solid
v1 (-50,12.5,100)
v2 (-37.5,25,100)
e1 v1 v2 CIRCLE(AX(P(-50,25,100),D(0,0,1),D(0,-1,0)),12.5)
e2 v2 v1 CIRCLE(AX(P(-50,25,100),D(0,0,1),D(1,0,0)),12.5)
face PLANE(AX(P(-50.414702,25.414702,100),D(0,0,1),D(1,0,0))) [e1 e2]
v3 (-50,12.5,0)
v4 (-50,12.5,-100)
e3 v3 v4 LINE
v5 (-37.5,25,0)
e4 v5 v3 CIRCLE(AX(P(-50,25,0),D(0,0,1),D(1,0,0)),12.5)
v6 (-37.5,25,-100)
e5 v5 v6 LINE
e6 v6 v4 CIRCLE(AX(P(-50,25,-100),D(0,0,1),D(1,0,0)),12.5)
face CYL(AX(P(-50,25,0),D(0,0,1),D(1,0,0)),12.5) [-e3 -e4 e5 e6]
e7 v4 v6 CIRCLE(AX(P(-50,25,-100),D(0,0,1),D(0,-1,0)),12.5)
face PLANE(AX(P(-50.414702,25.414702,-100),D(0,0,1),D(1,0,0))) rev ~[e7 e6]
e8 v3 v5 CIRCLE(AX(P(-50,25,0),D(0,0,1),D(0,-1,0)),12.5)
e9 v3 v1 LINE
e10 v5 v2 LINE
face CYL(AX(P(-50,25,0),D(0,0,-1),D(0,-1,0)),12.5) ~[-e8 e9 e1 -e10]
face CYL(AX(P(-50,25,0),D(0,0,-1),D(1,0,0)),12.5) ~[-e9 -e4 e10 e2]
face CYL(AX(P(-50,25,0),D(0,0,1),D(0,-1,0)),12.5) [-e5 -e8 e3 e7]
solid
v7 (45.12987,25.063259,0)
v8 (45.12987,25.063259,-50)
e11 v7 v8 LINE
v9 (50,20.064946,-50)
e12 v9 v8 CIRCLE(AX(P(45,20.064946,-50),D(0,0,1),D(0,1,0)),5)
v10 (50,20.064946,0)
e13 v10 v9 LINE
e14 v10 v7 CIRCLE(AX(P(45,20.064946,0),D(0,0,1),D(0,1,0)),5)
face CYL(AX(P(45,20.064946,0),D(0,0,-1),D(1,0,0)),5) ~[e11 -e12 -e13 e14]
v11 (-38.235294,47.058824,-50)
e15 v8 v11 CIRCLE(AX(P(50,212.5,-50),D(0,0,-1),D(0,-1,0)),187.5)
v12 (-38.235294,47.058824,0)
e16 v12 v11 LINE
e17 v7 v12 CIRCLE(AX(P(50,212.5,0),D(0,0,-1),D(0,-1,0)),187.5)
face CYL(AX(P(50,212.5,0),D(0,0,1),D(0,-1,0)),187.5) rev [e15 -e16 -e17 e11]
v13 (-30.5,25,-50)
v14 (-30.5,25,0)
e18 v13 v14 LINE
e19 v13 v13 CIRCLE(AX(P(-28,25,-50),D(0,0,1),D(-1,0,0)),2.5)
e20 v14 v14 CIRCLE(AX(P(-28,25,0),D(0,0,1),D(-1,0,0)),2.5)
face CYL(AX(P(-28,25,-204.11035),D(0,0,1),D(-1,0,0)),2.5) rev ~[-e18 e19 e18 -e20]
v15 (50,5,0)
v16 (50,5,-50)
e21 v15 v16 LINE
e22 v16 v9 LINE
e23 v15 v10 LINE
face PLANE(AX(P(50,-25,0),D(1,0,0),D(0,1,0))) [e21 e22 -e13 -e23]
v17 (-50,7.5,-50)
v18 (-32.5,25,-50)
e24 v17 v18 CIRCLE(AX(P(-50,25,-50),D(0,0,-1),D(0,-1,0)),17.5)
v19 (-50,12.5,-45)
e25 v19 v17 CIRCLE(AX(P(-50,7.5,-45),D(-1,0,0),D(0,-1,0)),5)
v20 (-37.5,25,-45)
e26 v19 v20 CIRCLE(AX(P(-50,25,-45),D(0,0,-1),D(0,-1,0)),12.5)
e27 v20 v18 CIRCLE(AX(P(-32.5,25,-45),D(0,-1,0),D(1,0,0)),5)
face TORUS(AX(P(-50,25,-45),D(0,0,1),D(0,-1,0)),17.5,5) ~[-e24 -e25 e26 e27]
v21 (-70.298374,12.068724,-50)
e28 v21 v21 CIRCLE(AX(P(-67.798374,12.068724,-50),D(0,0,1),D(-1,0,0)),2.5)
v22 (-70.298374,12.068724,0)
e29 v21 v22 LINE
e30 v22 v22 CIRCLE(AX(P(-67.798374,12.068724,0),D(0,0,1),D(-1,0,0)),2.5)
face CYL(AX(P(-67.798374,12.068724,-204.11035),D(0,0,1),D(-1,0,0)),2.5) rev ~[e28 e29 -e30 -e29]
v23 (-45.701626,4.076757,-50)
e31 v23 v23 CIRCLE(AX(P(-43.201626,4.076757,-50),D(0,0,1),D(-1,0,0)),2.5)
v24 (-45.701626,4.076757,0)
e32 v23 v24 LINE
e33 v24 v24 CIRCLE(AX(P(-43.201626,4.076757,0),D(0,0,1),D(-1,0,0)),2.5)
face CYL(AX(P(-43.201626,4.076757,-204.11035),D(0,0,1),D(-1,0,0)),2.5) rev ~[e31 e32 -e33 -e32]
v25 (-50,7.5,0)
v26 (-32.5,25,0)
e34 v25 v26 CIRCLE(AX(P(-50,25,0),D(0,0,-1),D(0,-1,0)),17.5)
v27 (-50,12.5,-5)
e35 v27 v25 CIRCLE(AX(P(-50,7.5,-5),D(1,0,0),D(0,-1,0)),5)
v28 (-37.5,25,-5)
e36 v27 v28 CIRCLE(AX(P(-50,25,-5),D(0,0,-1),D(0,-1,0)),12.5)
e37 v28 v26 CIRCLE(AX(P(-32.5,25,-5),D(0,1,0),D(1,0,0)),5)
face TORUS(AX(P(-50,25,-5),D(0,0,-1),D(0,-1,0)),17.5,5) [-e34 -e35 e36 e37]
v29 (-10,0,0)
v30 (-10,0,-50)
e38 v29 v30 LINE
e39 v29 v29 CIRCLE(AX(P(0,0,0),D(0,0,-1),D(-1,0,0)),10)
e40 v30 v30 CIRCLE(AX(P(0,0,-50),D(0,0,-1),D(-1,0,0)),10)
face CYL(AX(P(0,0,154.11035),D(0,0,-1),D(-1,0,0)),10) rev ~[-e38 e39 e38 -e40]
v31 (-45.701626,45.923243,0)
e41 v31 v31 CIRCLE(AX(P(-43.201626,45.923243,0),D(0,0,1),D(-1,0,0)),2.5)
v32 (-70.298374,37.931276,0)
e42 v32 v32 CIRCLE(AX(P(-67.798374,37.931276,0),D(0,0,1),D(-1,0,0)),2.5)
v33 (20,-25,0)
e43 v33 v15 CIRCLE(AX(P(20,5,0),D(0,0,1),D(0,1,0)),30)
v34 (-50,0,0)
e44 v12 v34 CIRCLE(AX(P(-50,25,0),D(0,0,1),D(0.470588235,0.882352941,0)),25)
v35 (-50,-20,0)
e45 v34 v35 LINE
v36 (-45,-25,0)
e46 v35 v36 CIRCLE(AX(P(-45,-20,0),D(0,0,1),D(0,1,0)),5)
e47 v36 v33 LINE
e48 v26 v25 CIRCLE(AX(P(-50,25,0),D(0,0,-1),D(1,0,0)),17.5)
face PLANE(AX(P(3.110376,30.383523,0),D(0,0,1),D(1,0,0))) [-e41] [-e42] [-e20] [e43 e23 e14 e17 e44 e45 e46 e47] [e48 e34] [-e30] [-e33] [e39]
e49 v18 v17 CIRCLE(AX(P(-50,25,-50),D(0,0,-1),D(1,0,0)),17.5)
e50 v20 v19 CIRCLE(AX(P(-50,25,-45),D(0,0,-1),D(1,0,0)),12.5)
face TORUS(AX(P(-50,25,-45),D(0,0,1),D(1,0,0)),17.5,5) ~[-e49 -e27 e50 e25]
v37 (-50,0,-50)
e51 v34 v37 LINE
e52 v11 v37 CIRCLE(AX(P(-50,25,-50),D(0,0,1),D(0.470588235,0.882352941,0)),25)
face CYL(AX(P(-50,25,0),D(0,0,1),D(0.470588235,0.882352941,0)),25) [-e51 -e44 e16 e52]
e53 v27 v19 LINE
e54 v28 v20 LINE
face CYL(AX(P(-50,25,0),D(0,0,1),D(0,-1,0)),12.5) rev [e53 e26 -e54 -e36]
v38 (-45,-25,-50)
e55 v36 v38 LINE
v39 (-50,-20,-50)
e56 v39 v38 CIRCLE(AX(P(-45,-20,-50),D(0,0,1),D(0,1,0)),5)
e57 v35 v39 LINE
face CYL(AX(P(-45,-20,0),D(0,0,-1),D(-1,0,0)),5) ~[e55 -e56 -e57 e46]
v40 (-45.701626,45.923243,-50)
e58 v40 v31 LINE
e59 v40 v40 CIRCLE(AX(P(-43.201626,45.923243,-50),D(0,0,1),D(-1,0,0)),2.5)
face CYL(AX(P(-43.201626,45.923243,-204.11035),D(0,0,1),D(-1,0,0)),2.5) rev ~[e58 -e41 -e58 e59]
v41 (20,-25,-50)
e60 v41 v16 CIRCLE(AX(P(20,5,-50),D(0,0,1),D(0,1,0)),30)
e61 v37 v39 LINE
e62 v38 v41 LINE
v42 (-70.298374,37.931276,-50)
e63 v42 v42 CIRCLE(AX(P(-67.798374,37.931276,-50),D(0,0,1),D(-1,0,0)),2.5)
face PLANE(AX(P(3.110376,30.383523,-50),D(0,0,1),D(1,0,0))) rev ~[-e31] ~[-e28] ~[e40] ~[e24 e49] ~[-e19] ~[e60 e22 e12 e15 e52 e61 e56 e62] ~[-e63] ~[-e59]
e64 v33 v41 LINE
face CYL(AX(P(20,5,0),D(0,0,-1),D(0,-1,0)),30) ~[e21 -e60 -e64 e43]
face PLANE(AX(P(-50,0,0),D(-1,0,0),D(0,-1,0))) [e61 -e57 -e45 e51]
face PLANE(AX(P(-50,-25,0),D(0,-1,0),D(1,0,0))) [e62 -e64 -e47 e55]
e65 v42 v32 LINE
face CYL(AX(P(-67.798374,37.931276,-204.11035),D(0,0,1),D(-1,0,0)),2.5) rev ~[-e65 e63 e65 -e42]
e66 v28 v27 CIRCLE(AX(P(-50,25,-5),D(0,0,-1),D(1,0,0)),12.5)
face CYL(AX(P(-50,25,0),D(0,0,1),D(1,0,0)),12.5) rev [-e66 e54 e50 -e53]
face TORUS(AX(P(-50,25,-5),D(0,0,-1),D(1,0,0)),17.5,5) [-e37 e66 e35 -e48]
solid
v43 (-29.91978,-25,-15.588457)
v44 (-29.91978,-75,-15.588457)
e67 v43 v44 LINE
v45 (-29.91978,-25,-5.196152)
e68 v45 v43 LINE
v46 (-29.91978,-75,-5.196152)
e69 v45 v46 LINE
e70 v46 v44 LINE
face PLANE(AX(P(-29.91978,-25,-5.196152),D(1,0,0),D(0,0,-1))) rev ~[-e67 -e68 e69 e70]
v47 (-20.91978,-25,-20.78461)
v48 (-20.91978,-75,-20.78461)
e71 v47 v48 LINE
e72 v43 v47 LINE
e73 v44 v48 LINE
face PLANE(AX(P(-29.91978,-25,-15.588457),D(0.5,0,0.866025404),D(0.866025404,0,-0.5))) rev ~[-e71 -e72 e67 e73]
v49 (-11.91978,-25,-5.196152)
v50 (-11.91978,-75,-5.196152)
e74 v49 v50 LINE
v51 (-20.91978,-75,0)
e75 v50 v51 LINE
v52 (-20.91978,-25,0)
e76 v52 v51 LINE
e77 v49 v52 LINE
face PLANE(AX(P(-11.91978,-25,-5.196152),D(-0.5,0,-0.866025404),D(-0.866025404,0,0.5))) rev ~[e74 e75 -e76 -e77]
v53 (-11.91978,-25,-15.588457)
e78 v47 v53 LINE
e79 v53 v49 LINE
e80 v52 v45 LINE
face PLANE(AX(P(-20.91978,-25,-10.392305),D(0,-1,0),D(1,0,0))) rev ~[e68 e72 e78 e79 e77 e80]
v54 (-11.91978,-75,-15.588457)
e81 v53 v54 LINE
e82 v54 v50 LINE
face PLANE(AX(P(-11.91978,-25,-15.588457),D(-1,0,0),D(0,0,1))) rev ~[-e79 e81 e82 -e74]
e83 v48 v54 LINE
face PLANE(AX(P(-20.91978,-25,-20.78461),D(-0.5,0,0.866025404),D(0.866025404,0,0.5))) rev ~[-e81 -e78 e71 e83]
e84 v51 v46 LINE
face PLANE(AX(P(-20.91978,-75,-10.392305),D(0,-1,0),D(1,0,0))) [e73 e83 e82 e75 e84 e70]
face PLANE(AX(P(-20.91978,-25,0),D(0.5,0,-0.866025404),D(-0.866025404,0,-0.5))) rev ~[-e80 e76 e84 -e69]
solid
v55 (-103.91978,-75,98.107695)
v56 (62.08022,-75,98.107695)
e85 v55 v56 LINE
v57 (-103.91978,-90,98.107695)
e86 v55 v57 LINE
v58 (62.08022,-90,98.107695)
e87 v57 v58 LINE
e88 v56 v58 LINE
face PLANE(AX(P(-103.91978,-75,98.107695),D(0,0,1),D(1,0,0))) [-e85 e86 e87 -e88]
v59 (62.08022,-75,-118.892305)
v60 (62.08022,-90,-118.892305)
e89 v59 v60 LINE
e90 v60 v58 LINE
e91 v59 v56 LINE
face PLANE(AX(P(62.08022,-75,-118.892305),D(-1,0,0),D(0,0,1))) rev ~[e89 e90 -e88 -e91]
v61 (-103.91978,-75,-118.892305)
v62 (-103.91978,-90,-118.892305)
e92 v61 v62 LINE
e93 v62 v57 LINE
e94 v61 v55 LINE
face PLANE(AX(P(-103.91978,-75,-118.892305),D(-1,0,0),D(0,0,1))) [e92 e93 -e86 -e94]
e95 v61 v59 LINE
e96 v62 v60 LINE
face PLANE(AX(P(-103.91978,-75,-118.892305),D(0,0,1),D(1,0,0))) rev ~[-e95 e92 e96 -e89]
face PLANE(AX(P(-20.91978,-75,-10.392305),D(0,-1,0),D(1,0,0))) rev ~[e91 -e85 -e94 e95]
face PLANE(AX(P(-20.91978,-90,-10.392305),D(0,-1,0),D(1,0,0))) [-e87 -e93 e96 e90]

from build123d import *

# Parameters (mm, degrees)
F1_DEPTH  = 50
F2_DEPTH  = 100
F3_R      = 5
F4_R      = 5
F5_D      = 20
F7_D      = 5
F8_R      = 30
F10_DEPTH = 50
F11_W     = 166
F11_H     = 217
F12_DEPTH = 15


with BuildPart() as f1:
    # F0 (on Top) → F1 (new body)
    with BuildSketch(Plane.XY):
        with BuildLine():
            Line((-25, 25), (50, 25))
            ThreePointArc((50, 25), (4.5245703057, 30.5982812227), (-38.2352941176, 47.0588235294))
            ThreePointArc((-38.2352941176, 47.0588235294), (-28.5626768572, 37.8623938857), (-25, 25))
        make_face()
        with BuildLine():
            Line((-50, 0), (-50, -25))
            Line((-50, -25), (50, -25))
            Line((50, -25), (50, 25))
            Line((50, 25), (-25, 25))
            ThreePointArc((-25, 25), (-32.3223304703, 7.3223304703), (-50, 0))
        make_face()
        with BuildLine():
            ThreePointArc((-38.2352941176, 47.0588235294), (-74.2535625036, 31.0633906259), (-50, 0))
            Line((-50, 0), (-50, 12.5))
            ThreePointArc((-50, 12.5), (-58.8388347648, 33.8388347648), (-37.5, 25))
            Line((-37.5, 25), (-25, 25))
            ThreePointArc((-25, 25), (-28.5626768572, 37.8623938857), (-38.2352941176, 47.0588235294))
        make_face()
        with BuildLine():
            Line((-50, 12.5), (-50, 0))
            ThreePointArc((-50, 0), (-32.3223304703, 7.3223304703), (-25, 25))
            Line((-25, 25), (-37.5, 25))
            ThreePointArc((-37.5, 25), (-41.1611652352, 16.1611652352), (-50, 12.5))
        make_face()
    extrude(amount=-F1_DEPTH)

    # F3
    f3_edges = [f1.edges().sort_by_distance(p)[0] for p in [
        (-37.5, 25, -25),
        (-62.5, 25, 0),
        (-62.5, 25, -50),
    ]]
    fillet(f3_edges, radius=F3_R)

    # F4
    f4_edges = [f1.edges().sort_by_distance(p)[0] for p in [
        (-50, -25, -25),
        (50, 25, -25),
    ]]
    fillet(f4_edges, radius=F4_R)

    # F5 (through all)
    with Locations(Plane.XY):
        with Locations((0, 0)):
            Hole(F5_D / 2)

    # F7 (through all)
    with Locations(Plane(origin=(0, 0, -50), x_dir=(1, 0, 0), z_dir=(0, 0, -1))):
        with Locations((-43.2016261238, -45.9232433585), (-67.7983738762, -37.9312755504), (-67.7983738762, -12.0687244496), (-43.2016261238, -4.0767566415), (-28, -25)):
            Hole(F7_D / 2)

    # F8
    f8_edges = [f1.edges().sort_by_distance(p)[0] for p in [
        (50, -25, -25),
    ]]
    fillet(f8_edges, radius=F8_R)


with BuildPart() as f2:
    # F0 (on Top) → F2 (new body, symmetric)
    with BuildSketch(Plane.XY):
        with BuildLine():
            ThreePointArc((-37.5, 25), (-58.8388347648, 33.8388347648), (-50, 12.5))
            Line((-50, 12.5), (-50, 25))
            Line((-50, 25), (-37.5, 25))
        make_face()
        with BuildLine():
            Line((-50, 25), (-50, 12.5))
            ThreePointArc((-50, 12.5), (-41.1611652352, 16.1611652352), (-37.5, 25))
            Line((-37.5, 25), (-50, 25))
        make_face()
    extrude(amount=F2_DEPTH, both=True)


with BuildPart() as f10:
    # F9 (on face) → F10 (new body)
    with BuildSketch(Plane.XZ.offset(25)):
        Polygon((-11.9197796978, -15.5884572681), (-11.9197796978, -5.1961524227), (-20.9197796978, 0), (-29.9197796978, -5.1961524227), (-29.9197796978, -15.5884572681), (-20.9197796978, -20.7846096908), align=None)
    extrude(amount=F10_DEPTH)


with BuildPart() as f12:
    # F11 (on face) → F12 (new body)
    with BuildSketch(Plane.XZ.offset(75)):
        with Locations((-20.9197796978, -10.3923048454)):
            Rectangle(F11_W, F11_H)
        Polygon((-11.9197796978, -15.5884572681), (-20.9197796978, -20.7846096908), (-29.9197796978, -15.5884572681), (-29.9197796978, -5.1961524227), (-20.9197796978, 0), (-11.9197796978, -5.1961524227), align=None, mode=Mode.SUBTRACT)
        Polygon((-29.9197796978, -15.5884572681), (-20.9197796978, -20.7846096908), (-11.9197796978, -15.5884572681), (-11.9197796978, -5.1961524227), (-20.9197796978, 0), (-29.9197796978, -5.1961524227), align=None)
    extrude(amount=F12_DEPTH)


solid = Compound([f1.part, f2.part, f10.part, f12.part])
